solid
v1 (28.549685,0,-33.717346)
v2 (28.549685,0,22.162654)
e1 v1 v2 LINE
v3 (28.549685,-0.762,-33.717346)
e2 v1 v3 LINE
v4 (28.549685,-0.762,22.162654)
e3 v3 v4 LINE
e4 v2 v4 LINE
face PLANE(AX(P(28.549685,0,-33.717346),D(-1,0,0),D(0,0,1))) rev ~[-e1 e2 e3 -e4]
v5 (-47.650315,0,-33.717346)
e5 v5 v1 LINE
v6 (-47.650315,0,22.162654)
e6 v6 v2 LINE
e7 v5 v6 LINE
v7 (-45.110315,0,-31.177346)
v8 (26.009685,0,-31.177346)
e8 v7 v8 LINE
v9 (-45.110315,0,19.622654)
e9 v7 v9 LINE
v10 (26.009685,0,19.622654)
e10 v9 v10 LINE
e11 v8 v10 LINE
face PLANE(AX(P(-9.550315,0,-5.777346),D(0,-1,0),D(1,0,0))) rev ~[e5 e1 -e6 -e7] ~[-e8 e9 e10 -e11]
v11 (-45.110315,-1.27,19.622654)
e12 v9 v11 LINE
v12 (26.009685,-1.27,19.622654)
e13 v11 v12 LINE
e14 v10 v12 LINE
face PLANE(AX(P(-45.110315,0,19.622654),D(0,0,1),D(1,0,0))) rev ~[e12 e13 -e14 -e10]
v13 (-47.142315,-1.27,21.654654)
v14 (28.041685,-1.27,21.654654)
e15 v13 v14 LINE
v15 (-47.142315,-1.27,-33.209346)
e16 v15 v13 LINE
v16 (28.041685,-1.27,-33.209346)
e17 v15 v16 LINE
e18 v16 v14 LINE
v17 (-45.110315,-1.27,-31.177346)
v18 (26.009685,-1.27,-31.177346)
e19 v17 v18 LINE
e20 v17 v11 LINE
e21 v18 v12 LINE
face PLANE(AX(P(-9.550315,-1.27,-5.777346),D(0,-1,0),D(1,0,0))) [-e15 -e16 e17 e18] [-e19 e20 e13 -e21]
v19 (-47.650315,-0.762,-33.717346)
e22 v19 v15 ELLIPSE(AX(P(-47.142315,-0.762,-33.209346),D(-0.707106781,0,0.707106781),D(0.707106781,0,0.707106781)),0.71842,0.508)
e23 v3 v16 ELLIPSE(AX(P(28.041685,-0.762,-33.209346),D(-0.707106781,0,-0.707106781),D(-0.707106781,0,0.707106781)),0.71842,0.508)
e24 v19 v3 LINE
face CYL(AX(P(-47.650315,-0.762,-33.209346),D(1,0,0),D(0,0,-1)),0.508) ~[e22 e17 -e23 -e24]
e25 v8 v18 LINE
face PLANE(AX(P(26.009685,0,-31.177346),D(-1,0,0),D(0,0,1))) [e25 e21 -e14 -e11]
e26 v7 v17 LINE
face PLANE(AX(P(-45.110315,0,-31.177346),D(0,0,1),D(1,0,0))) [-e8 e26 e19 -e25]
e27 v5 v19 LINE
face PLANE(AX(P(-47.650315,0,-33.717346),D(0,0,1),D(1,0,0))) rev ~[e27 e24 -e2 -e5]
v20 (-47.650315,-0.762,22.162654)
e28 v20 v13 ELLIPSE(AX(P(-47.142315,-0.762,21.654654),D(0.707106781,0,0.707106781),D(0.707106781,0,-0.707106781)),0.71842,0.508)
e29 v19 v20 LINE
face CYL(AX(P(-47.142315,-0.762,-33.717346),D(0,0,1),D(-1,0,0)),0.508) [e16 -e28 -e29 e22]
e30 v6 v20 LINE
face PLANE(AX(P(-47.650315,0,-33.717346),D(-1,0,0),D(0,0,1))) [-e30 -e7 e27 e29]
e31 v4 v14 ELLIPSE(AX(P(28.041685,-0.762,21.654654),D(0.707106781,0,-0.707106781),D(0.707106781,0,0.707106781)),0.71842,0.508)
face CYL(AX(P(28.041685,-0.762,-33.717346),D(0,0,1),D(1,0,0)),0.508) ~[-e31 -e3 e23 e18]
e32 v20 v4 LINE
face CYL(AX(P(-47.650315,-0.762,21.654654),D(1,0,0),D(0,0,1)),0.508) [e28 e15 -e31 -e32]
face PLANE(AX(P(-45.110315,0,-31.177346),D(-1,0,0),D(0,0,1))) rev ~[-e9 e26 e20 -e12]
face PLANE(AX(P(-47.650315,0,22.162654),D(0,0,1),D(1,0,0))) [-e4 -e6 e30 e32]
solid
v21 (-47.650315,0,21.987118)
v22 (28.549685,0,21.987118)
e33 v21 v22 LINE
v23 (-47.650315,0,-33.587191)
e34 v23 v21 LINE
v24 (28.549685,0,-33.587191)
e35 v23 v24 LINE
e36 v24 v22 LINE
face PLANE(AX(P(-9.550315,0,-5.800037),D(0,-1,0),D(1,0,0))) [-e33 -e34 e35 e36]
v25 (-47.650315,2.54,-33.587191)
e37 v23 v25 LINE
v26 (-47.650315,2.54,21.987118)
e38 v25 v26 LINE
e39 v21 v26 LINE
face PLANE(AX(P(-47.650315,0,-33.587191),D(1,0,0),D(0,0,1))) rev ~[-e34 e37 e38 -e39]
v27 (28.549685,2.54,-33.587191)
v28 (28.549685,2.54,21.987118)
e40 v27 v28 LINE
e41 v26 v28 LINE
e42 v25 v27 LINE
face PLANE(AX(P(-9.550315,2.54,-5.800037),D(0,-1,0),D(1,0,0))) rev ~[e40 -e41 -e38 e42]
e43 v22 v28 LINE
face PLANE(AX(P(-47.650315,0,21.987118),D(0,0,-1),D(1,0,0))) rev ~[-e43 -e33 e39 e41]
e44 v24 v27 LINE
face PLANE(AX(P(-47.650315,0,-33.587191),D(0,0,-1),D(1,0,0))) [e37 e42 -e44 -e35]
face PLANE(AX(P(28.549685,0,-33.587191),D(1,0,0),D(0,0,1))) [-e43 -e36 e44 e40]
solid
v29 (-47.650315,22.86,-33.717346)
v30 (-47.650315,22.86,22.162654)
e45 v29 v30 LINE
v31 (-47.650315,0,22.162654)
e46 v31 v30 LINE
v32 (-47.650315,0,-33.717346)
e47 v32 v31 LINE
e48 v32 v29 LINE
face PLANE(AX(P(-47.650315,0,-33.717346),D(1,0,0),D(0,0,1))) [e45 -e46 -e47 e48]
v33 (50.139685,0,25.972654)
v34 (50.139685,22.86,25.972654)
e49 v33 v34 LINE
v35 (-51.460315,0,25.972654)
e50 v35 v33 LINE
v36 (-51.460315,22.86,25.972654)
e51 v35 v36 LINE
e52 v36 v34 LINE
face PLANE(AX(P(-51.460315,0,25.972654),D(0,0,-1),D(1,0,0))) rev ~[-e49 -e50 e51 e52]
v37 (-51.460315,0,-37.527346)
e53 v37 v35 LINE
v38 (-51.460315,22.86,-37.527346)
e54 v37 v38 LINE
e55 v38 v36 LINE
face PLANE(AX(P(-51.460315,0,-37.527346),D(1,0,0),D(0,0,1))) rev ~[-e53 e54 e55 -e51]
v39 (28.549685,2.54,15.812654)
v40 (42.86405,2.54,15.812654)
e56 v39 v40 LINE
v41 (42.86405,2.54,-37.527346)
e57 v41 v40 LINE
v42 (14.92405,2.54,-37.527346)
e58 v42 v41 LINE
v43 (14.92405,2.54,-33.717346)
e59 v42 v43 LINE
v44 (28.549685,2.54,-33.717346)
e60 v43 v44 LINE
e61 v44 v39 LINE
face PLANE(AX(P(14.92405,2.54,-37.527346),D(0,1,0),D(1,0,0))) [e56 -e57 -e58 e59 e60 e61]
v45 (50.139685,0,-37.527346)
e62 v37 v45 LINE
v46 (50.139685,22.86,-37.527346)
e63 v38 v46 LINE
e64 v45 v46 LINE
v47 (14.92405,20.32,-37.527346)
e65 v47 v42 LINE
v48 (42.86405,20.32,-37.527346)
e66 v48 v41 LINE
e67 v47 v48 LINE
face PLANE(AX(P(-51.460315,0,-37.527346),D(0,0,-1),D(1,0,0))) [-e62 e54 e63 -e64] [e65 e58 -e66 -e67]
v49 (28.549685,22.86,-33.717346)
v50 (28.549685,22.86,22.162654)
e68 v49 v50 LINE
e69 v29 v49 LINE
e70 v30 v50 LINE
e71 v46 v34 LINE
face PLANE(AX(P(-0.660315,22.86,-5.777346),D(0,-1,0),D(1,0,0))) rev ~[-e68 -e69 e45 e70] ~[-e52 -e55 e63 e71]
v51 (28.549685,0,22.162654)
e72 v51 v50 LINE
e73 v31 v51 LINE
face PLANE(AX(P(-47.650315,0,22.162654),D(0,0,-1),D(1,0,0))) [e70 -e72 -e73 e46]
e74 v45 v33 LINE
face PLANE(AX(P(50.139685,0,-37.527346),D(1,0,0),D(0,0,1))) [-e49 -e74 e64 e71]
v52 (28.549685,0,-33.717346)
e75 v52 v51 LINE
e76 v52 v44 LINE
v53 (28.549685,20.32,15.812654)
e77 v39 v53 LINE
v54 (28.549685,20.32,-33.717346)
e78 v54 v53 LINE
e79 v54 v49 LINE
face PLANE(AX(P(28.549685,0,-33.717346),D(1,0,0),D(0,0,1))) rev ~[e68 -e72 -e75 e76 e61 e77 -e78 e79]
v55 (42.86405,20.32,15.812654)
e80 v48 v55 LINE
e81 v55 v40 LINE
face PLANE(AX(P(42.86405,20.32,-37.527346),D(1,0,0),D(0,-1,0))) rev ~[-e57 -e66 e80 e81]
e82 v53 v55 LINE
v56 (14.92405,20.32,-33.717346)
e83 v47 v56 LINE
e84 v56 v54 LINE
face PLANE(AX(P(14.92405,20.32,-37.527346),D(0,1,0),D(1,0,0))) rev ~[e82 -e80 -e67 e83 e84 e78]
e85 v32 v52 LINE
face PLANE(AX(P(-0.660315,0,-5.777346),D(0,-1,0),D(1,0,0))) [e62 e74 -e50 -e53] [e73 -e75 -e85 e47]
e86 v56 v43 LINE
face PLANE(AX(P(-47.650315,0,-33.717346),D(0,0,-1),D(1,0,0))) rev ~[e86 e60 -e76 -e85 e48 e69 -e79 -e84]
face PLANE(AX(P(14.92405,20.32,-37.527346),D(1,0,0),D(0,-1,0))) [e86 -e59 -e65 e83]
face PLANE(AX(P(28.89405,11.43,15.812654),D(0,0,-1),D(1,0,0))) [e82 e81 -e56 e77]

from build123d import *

# Parameters (mm, degrees)
F0_W     = 76.2
F0_H     = 55.88
F0_W_2   = 71.12
F0_H_2   = 50.8
F1_DEPTH = 1.27
F2_R     = 0.508
F0_W_3   = 101.6
F0_H_3   = 63.5
F3_DEPTH = 22.86
F4_W     = 76.2
F4_H     = 55.5743090808
F5_DEPTH = 2.54
F6_W     = 27.94
F6_H     = 17.78
F7_DEPTH = 53.34


with BuildPart() as f1:
    # F0 (on Front) → F1 (new body)
    with BuildSketch(Plane.XZ):
        with Locations((-9.550315156, -5.7773459782)):
            Rectangle(F0_W, F0_H)
        with Locations((-9.550315156, -5.7773459782)):
            Rectangle(F0_W_2, F0_H_2, mode=Mode.SUBTRACT)
    extrude(amount=F1_DEPTH)

    # F2
    f2_edges = [f1.edges().sort_by_distance(p)[0] for p in [
        (28.549685, -1.27, -5.777346),
        (-9.550315, -1.27, 22.162654),
        (-9.550315, -1.27, -33.717346),
        (-47.650315, -1.27, -5.777346),
    ]]
    fillet(f2_edges, radius=F2_R)


with BuildPart() as f3:
    # F0 (on Front) → F3 (new body)
    with BuildSketch(Plane.XZ):
        with Locations((-0.660315156, -5.7773459782)):
            Rectangle(F0_W_3, F0_H_3)
        with Locations((-9.550315156, -5.7773459782)):
            Rectangle(F0_W, F0_H, mode=Mode.SUBTRACT)
    extrude(amount=-F3_DEPTH)

    # F6 (on face) → F7 (cut)
    with BuildSketch(Plane(origin=(0, 0, -37.5273459782), x_dir=(1, 0, 0), z_dir=(0, 0, -1))):
        with Locations((28.8940501184, -11.43)):
            Rectangle(F6_W, F6_H)
    extrude(amount=-F7_DEPTH, mode=Mode.SUBTRACT)


with BuildPart() as f5:
    # F4 (on face) → F5 (new body)
    with BuildSketch(Plane.XZ):
        with Locations((-9.550315156, -5.8000367135)):
            Rectangle(F4_W, F4_H)
    extrude(amount=-F5_DEPTH)


solid = Compound([f1.part, f3.part, f5.part])
